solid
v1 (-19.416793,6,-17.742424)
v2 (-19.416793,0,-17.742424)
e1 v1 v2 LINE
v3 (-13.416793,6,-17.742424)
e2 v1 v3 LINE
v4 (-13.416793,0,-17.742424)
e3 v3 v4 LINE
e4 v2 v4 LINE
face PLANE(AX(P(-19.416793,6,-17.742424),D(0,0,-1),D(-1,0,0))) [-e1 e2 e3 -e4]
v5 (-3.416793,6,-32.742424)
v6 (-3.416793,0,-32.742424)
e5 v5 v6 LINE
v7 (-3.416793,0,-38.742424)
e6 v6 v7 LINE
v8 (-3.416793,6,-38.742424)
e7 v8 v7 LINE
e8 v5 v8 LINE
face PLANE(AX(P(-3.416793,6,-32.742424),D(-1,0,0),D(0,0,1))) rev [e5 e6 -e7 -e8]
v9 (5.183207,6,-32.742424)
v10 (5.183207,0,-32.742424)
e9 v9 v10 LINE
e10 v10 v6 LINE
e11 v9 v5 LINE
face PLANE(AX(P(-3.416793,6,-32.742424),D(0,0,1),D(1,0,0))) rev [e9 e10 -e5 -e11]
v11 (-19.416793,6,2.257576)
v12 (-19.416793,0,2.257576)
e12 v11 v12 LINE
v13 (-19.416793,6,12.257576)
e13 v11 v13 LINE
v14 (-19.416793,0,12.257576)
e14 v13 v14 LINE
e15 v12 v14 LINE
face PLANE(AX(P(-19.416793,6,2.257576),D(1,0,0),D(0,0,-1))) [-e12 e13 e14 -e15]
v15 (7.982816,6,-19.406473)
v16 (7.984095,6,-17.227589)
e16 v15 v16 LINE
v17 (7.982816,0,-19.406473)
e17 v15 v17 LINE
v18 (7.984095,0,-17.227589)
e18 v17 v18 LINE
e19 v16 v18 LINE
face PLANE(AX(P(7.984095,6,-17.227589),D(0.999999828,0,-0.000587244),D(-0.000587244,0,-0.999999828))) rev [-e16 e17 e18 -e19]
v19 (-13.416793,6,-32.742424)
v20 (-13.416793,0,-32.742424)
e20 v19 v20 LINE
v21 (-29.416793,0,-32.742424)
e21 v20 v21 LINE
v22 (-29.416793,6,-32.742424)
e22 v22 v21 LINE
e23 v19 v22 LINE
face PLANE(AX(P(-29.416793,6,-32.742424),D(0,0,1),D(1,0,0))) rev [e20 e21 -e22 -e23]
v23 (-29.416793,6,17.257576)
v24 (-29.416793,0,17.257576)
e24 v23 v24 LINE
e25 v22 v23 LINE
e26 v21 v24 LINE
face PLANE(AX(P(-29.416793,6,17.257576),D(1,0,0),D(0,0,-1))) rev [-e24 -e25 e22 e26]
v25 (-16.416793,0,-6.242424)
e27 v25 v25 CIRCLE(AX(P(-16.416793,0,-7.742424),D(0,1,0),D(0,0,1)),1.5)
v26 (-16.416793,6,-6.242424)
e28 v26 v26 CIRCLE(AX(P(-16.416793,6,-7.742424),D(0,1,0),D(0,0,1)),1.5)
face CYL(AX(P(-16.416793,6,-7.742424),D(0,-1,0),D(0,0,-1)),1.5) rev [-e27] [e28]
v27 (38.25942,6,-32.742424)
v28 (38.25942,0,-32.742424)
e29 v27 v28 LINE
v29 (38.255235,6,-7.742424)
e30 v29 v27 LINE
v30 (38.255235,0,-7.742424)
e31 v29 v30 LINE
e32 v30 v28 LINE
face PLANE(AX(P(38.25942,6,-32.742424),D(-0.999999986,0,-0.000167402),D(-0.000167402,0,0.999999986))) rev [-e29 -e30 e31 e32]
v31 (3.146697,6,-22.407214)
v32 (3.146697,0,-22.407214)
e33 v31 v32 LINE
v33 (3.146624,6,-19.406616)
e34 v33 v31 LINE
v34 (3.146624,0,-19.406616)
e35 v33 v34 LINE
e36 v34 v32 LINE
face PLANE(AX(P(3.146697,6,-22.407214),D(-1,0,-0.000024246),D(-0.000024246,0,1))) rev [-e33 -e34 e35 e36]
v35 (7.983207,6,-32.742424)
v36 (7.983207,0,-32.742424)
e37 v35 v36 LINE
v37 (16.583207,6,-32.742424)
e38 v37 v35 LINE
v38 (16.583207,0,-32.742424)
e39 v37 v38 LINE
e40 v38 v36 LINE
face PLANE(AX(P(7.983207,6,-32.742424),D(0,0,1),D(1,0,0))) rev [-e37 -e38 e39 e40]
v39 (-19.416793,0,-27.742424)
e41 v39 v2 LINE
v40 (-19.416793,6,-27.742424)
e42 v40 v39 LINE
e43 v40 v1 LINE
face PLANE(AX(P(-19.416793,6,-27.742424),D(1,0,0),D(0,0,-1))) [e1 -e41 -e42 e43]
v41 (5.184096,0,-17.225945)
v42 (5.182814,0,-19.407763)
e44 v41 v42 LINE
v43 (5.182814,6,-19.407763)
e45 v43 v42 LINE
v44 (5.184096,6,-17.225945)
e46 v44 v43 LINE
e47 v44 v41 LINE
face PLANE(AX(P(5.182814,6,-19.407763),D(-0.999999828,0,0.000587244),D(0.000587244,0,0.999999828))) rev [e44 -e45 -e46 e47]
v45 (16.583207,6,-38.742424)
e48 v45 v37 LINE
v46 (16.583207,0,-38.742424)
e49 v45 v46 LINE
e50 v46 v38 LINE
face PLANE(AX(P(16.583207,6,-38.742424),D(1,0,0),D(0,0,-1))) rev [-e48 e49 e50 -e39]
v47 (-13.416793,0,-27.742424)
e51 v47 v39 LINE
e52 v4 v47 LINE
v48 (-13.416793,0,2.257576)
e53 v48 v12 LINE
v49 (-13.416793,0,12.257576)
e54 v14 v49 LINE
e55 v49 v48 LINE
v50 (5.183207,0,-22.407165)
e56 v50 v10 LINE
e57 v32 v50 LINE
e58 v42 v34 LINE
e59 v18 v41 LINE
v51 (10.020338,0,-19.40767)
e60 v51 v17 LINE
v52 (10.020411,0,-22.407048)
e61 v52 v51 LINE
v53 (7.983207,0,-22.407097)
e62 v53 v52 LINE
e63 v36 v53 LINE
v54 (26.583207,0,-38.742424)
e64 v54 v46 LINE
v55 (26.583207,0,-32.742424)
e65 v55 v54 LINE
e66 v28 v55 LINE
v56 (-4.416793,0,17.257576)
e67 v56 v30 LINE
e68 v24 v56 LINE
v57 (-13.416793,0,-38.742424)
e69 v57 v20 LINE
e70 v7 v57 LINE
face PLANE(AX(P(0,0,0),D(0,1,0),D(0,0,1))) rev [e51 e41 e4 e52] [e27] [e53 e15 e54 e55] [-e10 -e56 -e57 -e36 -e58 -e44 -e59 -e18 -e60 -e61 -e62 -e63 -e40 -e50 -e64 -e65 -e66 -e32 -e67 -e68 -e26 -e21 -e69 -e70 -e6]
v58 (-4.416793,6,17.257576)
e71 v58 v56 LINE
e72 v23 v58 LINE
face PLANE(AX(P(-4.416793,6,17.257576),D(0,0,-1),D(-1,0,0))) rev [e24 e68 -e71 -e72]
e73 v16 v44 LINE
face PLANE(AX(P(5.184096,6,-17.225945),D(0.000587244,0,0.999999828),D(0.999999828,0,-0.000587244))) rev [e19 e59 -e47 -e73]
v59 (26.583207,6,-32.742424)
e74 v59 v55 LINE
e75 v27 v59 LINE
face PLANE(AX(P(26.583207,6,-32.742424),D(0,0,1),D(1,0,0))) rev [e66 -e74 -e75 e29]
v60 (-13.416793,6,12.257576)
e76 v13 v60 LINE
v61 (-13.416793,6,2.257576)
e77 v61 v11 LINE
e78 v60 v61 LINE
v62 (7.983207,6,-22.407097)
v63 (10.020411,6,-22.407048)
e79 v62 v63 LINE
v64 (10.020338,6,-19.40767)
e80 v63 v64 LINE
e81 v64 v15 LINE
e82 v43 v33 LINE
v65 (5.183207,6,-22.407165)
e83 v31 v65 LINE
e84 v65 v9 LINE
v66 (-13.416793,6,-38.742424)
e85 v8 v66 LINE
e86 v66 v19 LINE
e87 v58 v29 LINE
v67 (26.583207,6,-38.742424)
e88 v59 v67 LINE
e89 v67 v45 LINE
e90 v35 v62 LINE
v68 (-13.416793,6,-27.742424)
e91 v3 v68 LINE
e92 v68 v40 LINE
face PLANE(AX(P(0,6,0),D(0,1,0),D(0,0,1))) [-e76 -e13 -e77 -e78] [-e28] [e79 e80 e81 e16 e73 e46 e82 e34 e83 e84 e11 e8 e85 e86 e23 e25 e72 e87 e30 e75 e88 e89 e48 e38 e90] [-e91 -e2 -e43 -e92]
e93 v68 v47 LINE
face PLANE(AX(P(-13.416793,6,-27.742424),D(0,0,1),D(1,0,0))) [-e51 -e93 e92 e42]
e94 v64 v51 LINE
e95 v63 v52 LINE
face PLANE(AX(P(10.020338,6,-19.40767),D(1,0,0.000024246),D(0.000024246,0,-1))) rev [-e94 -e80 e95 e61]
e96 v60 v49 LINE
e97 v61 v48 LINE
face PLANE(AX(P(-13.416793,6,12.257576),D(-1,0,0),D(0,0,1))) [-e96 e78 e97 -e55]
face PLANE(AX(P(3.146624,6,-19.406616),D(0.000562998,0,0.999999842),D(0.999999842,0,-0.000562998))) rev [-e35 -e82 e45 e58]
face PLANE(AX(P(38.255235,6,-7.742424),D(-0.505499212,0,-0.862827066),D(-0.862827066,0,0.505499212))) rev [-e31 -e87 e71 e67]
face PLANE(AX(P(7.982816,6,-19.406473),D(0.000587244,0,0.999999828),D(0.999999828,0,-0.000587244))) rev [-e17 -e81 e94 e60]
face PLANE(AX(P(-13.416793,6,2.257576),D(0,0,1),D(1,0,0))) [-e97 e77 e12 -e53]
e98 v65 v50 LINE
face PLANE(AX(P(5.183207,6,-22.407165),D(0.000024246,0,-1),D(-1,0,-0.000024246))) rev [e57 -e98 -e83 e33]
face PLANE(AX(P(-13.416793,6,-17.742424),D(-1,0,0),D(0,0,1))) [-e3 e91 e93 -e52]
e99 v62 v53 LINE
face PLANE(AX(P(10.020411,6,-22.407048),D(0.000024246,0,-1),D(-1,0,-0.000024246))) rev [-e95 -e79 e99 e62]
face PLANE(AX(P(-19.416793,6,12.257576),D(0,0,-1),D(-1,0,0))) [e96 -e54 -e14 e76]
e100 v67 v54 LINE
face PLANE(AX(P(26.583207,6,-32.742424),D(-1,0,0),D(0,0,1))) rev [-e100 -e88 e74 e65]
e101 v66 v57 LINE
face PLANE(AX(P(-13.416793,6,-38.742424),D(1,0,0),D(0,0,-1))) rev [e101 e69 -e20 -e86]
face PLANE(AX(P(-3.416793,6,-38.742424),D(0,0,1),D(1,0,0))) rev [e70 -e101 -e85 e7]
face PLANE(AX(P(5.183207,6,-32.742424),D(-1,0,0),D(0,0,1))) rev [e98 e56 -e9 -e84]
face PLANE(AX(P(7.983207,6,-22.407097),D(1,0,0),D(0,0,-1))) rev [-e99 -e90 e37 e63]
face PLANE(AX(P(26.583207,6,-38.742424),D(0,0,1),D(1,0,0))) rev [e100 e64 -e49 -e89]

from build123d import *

# Parameters (mm, degrees)
SKETCH_1_R      = 1.5
SKETCH_1_W      = 6
SKETCH_1_H      = 10
EXTRUDE_2_DEPTH = 6


with BuildPart() as part:
    # Эскиз1 → Бобышка-Вытянуть2 (new body)
    with BuildSketch(Plane(origin=(0, 0, 0), x_dir=(1, 0, 0), z_dir=(0, 1, 0))):
        Polygon((-3.416793382, 32.742423734), (5.183206618, 32.742423734), (5.183206618, 22.407164878), (3.146696627, 22.407214255), (3.146623876, 19.406616385), (5.182814398, 19.407762757), (5.184095658, 17.225944952), (7.984095175, 17.227589235), (7.982815638, 19.406473379), (10.020338121, 19.407669902), (10.020410843, 22.407047597), (7.983206618, 22.40709699), (7.983206618, 32.742423734), (16.583206618, 32.742423734), (16.583206618, 38.742423734), (26.583206618, 38.742423734), (26.583206618, 32.742423734), (38.259419898, 32.742423734), (38.255234849, 7.742423734), (-4.416793382, -17.257576266), (-29.416793382, -17.257576266), (-29.416793382, 32.742423734), (-13.416793382, 32.742423734), (-13.416793382, 38.742423734), (-3.416793382, 38.742423734), align=None)
        with Locations((-16.416793382, 7.742423734)):
            Circle(SKETCH_1_R, mode=Mode.SUBTRACT)
        with Locations((-16.416793382, 22.742423734)):
            Rectangle(SKETCH_1_W, SKETCH_1_H, mode=Mode.SUBTRACT)
        with Locations((-16.416793382, -7.257576266)):
            Rectangle(SKETCH_1_W, SKETCH_1_H, mode=Mode.SUBTRACT)
    extrude(amount=EXTRUDE_2_DEPTH)


solid = part.part
